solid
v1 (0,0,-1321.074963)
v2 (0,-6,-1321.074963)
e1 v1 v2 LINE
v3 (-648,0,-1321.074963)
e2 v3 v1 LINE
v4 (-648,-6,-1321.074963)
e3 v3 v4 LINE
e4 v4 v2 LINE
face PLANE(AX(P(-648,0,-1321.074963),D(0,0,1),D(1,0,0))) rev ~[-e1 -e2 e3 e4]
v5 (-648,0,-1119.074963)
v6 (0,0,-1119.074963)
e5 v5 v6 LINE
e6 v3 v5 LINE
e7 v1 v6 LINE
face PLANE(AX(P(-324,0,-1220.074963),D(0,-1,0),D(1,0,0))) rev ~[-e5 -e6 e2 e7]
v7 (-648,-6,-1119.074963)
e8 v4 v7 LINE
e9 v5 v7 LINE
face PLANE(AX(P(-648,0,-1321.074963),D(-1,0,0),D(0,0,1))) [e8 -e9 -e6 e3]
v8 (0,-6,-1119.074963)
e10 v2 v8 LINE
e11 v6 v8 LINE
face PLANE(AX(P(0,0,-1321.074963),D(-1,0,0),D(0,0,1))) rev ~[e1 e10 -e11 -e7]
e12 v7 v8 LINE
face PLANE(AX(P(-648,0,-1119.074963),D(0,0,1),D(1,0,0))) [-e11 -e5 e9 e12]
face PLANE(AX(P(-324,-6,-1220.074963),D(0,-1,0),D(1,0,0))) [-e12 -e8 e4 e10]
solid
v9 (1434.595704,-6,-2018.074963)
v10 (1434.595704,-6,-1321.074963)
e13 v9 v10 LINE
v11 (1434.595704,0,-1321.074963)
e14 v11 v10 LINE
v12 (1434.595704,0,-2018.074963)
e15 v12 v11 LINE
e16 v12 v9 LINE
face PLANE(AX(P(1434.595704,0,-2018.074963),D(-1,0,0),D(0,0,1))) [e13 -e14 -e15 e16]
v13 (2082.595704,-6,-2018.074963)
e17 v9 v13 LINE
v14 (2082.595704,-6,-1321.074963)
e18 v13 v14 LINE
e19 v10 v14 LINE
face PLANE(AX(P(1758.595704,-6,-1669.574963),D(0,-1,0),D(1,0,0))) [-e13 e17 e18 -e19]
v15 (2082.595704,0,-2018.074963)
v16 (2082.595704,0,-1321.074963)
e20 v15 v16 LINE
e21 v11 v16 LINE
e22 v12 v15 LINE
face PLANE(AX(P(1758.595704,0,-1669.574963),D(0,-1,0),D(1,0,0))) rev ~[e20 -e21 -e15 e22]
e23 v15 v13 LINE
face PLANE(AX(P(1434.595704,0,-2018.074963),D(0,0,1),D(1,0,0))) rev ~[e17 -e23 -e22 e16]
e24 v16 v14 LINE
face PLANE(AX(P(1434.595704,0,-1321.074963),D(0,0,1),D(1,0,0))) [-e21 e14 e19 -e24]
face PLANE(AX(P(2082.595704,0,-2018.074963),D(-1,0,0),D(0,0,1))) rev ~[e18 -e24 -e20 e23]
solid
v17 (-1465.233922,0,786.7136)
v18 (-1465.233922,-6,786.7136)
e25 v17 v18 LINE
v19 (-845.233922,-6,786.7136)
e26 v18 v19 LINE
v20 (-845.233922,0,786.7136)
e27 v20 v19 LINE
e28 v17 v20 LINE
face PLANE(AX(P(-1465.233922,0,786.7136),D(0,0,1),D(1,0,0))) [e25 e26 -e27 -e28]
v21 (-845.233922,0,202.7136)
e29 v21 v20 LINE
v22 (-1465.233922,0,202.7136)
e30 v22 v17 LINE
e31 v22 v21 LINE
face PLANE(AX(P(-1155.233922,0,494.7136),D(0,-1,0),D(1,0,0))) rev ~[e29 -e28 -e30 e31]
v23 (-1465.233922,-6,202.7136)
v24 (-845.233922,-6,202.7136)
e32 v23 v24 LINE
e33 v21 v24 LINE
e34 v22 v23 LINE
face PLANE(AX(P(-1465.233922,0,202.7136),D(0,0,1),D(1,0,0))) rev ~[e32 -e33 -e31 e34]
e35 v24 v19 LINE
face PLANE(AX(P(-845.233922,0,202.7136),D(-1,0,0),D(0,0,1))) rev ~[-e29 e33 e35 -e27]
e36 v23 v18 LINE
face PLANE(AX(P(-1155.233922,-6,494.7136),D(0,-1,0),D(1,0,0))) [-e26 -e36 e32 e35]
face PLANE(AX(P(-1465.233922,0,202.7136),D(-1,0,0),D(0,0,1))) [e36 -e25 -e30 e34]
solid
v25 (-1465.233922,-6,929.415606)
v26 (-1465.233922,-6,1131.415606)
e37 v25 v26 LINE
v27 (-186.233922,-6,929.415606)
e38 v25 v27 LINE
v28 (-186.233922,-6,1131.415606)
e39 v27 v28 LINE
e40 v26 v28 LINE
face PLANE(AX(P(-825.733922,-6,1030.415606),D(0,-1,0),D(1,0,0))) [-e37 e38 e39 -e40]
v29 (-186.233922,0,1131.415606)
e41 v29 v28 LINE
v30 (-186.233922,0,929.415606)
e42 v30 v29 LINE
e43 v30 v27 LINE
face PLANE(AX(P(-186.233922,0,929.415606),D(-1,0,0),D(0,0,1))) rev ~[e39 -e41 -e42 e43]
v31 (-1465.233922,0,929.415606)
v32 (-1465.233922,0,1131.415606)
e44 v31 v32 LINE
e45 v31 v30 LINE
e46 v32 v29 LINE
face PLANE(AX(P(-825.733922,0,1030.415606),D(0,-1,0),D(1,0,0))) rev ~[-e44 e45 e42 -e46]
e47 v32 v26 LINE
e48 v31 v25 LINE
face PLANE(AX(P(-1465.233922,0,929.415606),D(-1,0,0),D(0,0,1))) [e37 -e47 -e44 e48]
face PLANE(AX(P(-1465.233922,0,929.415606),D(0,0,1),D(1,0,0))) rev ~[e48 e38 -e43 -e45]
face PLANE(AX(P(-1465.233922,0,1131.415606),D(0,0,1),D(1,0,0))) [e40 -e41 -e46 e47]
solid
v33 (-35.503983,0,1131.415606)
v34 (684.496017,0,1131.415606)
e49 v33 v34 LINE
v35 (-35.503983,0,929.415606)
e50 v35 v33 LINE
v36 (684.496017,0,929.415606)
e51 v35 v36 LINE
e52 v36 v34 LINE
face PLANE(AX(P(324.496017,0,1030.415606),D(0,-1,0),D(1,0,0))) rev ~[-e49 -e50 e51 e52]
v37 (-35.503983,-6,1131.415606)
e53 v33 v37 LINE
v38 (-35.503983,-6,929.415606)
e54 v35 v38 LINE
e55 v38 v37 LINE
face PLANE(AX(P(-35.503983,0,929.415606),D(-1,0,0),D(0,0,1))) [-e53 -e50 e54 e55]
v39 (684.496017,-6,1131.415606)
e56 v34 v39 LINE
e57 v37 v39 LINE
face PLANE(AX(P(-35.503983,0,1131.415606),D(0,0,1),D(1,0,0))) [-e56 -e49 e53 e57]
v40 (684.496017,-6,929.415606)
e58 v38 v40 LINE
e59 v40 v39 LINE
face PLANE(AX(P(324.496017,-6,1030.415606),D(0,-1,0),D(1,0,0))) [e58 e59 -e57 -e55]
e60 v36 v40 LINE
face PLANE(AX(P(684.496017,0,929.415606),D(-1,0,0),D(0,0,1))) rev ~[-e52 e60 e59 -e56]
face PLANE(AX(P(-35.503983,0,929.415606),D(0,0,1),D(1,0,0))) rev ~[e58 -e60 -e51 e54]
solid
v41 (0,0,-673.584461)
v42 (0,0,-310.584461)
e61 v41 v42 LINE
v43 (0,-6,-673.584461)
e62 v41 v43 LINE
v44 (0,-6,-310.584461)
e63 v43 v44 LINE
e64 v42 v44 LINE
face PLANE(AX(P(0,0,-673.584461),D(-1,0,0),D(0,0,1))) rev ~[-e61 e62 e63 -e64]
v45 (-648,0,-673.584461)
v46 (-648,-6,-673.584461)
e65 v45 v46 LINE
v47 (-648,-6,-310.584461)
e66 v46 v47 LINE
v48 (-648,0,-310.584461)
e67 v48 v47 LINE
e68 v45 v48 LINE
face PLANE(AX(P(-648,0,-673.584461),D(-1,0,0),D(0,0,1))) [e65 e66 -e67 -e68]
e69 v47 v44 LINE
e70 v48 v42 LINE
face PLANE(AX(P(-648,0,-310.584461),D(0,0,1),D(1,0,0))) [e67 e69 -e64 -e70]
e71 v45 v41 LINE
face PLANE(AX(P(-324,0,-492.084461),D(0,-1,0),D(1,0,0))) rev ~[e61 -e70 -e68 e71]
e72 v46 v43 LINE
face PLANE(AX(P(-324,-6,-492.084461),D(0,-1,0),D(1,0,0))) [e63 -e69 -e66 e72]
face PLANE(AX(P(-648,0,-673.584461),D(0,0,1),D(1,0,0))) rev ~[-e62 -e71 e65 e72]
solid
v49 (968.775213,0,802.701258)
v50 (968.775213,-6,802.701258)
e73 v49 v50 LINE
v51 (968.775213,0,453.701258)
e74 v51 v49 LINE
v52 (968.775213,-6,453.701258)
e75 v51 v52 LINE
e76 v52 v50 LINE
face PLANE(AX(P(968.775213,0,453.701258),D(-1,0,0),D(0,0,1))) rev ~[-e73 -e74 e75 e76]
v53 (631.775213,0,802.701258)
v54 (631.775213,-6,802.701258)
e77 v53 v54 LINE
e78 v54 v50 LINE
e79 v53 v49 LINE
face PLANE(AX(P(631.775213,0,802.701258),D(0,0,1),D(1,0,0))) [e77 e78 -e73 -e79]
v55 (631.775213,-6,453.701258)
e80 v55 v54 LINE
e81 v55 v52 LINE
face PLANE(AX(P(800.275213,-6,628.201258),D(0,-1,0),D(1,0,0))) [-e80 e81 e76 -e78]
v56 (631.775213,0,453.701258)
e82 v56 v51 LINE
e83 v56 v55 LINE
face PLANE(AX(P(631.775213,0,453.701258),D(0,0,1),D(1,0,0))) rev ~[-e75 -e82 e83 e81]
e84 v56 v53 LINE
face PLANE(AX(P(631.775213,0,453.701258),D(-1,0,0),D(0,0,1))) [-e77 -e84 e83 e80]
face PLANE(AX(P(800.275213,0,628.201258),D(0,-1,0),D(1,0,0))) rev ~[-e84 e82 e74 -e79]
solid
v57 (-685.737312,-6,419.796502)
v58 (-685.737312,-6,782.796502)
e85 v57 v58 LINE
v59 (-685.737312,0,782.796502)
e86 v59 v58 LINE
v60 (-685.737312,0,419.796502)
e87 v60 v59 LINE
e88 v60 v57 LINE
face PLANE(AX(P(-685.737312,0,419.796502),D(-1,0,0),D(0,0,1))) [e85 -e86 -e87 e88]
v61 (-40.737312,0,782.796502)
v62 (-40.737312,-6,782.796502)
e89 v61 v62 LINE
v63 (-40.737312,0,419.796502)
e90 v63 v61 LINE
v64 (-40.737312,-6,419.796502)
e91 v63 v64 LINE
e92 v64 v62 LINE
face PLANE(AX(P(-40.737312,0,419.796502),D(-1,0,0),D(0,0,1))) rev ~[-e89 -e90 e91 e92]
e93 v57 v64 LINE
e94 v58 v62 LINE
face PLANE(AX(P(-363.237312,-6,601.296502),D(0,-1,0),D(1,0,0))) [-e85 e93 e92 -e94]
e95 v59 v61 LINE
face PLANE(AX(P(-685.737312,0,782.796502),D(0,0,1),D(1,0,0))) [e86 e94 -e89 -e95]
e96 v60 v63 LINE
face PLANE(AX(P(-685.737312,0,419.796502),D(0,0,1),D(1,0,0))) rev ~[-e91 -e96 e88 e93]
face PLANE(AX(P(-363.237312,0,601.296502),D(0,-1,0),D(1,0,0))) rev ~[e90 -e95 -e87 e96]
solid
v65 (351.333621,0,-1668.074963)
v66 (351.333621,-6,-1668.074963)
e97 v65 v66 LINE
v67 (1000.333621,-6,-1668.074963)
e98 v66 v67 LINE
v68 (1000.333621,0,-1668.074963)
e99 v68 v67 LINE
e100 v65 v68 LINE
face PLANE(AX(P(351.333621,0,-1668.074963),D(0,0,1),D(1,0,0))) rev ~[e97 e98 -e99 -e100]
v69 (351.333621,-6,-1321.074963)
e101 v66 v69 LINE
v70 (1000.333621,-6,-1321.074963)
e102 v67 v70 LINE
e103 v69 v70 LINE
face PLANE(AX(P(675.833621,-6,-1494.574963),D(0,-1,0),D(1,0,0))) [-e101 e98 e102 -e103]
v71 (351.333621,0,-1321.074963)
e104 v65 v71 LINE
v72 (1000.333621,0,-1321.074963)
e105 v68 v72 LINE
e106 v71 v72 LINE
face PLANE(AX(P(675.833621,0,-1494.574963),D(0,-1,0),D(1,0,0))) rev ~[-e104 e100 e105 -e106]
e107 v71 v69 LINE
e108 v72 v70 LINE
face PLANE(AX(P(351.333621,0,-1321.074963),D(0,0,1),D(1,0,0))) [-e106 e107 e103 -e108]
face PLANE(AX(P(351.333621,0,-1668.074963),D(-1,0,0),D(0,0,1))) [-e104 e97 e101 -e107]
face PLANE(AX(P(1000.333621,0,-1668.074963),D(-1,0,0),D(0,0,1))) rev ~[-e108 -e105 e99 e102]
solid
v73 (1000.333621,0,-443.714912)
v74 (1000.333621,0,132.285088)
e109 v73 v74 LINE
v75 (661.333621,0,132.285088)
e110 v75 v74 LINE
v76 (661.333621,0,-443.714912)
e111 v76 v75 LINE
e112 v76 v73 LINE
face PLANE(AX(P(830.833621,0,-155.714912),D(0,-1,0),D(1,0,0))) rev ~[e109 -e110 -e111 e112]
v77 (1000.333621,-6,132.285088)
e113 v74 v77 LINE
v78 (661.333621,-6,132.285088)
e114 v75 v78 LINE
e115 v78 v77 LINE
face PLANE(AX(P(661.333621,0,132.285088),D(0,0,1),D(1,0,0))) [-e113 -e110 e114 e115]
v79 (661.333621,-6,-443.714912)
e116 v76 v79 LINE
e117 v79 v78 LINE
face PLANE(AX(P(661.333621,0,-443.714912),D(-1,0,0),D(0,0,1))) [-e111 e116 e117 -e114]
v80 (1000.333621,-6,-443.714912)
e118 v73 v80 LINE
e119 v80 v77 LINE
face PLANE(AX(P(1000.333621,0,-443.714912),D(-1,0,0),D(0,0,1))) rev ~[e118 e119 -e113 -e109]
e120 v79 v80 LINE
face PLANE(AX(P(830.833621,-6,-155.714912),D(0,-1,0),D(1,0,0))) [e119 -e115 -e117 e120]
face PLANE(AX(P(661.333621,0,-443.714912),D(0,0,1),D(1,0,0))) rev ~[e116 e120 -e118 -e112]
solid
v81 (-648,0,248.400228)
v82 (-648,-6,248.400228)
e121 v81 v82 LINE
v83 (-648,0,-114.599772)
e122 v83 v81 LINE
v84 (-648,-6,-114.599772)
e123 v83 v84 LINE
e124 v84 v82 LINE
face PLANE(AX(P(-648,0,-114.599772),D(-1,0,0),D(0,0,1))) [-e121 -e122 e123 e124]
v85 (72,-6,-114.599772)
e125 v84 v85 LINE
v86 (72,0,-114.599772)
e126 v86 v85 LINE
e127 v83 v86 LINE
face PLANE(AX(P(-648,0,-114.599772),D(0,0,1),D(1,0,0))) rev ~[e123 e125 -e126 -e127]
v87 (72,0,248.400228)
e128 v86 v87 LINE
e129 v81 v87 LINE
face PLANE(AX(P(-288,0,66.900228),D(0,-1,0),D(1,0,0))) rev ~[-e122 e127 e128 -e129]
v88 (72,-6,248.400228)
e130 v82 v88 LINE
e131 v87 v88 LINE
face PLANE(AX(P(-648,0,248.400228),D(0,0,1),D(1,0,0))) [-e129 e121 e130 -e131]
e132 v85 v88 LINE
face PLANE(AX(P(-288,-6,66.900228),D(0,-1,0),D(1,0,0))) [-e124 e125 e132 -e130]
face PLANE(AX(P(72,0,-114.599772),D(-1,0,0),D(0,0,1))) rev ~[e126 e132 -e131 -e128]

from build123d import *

# Parameters (mm, degrees)
F0_W     = 1279
F0_H     = 202
F0_W_2   = 720
F0_W_3   = 620
F0_H_2   = 584
F0_W_4   = 645
F0_H_3   = 363
F0_W_5   = 648
F0_W_6   = 337
F0_H_4   = 349
F0_W_7   = 339
F0_H_5   = 576
F0_W_8   = 649
F0_H_6   = 347
F0_H_7   = 697
F1_DEPTH = 6


with BuildPart() as f1:
    # F0 (on Front) → F1 (new body)
    with BuildSketch(Plane.XZ):
        with Locations((-825.733922, 1030.415606)):
            Rectangle(F0_W, F0_H)
        with Locations((324.496017, 1030.415606)):
            Rectangle(F0_W_2, F0_H)
        with Locations((-1155.233922, 494.7136)):
            Rectangle(F0_W_3, F0_H_2)
        with Locations((-363.237312, 601.296502)):
            Rectangle(F0_W_4, F0_H_3)
        with Locations((-288, 66.900228)):
            Rectangle(F0_W_2, F0_H_3)
        with Locations((-324, -492.084461)):
            Rectangle(F0_W_5, F0_H_3)
        with Locations((-324, -1220.074963)):
            Rectangle(F0_W_5, F0_H)
        with Locations((800.275213, 628.201258)):
            Rectangle(F0_W_6, F0_H_4)
        with Locations((830.833621, -155.714912)):
            Rectangle(F0_W_7, F0_H_5)
        with Locations((675.833621, -1494.574963)):
            Rectangle(F0_W_8, F0_H_6)
        with Locations((1758.595704, -1669.574963)):
            Rectangle(F0_W_5, F0_H_7)
    extrude(amount=F1_DEPTH)


solid = f1.part
